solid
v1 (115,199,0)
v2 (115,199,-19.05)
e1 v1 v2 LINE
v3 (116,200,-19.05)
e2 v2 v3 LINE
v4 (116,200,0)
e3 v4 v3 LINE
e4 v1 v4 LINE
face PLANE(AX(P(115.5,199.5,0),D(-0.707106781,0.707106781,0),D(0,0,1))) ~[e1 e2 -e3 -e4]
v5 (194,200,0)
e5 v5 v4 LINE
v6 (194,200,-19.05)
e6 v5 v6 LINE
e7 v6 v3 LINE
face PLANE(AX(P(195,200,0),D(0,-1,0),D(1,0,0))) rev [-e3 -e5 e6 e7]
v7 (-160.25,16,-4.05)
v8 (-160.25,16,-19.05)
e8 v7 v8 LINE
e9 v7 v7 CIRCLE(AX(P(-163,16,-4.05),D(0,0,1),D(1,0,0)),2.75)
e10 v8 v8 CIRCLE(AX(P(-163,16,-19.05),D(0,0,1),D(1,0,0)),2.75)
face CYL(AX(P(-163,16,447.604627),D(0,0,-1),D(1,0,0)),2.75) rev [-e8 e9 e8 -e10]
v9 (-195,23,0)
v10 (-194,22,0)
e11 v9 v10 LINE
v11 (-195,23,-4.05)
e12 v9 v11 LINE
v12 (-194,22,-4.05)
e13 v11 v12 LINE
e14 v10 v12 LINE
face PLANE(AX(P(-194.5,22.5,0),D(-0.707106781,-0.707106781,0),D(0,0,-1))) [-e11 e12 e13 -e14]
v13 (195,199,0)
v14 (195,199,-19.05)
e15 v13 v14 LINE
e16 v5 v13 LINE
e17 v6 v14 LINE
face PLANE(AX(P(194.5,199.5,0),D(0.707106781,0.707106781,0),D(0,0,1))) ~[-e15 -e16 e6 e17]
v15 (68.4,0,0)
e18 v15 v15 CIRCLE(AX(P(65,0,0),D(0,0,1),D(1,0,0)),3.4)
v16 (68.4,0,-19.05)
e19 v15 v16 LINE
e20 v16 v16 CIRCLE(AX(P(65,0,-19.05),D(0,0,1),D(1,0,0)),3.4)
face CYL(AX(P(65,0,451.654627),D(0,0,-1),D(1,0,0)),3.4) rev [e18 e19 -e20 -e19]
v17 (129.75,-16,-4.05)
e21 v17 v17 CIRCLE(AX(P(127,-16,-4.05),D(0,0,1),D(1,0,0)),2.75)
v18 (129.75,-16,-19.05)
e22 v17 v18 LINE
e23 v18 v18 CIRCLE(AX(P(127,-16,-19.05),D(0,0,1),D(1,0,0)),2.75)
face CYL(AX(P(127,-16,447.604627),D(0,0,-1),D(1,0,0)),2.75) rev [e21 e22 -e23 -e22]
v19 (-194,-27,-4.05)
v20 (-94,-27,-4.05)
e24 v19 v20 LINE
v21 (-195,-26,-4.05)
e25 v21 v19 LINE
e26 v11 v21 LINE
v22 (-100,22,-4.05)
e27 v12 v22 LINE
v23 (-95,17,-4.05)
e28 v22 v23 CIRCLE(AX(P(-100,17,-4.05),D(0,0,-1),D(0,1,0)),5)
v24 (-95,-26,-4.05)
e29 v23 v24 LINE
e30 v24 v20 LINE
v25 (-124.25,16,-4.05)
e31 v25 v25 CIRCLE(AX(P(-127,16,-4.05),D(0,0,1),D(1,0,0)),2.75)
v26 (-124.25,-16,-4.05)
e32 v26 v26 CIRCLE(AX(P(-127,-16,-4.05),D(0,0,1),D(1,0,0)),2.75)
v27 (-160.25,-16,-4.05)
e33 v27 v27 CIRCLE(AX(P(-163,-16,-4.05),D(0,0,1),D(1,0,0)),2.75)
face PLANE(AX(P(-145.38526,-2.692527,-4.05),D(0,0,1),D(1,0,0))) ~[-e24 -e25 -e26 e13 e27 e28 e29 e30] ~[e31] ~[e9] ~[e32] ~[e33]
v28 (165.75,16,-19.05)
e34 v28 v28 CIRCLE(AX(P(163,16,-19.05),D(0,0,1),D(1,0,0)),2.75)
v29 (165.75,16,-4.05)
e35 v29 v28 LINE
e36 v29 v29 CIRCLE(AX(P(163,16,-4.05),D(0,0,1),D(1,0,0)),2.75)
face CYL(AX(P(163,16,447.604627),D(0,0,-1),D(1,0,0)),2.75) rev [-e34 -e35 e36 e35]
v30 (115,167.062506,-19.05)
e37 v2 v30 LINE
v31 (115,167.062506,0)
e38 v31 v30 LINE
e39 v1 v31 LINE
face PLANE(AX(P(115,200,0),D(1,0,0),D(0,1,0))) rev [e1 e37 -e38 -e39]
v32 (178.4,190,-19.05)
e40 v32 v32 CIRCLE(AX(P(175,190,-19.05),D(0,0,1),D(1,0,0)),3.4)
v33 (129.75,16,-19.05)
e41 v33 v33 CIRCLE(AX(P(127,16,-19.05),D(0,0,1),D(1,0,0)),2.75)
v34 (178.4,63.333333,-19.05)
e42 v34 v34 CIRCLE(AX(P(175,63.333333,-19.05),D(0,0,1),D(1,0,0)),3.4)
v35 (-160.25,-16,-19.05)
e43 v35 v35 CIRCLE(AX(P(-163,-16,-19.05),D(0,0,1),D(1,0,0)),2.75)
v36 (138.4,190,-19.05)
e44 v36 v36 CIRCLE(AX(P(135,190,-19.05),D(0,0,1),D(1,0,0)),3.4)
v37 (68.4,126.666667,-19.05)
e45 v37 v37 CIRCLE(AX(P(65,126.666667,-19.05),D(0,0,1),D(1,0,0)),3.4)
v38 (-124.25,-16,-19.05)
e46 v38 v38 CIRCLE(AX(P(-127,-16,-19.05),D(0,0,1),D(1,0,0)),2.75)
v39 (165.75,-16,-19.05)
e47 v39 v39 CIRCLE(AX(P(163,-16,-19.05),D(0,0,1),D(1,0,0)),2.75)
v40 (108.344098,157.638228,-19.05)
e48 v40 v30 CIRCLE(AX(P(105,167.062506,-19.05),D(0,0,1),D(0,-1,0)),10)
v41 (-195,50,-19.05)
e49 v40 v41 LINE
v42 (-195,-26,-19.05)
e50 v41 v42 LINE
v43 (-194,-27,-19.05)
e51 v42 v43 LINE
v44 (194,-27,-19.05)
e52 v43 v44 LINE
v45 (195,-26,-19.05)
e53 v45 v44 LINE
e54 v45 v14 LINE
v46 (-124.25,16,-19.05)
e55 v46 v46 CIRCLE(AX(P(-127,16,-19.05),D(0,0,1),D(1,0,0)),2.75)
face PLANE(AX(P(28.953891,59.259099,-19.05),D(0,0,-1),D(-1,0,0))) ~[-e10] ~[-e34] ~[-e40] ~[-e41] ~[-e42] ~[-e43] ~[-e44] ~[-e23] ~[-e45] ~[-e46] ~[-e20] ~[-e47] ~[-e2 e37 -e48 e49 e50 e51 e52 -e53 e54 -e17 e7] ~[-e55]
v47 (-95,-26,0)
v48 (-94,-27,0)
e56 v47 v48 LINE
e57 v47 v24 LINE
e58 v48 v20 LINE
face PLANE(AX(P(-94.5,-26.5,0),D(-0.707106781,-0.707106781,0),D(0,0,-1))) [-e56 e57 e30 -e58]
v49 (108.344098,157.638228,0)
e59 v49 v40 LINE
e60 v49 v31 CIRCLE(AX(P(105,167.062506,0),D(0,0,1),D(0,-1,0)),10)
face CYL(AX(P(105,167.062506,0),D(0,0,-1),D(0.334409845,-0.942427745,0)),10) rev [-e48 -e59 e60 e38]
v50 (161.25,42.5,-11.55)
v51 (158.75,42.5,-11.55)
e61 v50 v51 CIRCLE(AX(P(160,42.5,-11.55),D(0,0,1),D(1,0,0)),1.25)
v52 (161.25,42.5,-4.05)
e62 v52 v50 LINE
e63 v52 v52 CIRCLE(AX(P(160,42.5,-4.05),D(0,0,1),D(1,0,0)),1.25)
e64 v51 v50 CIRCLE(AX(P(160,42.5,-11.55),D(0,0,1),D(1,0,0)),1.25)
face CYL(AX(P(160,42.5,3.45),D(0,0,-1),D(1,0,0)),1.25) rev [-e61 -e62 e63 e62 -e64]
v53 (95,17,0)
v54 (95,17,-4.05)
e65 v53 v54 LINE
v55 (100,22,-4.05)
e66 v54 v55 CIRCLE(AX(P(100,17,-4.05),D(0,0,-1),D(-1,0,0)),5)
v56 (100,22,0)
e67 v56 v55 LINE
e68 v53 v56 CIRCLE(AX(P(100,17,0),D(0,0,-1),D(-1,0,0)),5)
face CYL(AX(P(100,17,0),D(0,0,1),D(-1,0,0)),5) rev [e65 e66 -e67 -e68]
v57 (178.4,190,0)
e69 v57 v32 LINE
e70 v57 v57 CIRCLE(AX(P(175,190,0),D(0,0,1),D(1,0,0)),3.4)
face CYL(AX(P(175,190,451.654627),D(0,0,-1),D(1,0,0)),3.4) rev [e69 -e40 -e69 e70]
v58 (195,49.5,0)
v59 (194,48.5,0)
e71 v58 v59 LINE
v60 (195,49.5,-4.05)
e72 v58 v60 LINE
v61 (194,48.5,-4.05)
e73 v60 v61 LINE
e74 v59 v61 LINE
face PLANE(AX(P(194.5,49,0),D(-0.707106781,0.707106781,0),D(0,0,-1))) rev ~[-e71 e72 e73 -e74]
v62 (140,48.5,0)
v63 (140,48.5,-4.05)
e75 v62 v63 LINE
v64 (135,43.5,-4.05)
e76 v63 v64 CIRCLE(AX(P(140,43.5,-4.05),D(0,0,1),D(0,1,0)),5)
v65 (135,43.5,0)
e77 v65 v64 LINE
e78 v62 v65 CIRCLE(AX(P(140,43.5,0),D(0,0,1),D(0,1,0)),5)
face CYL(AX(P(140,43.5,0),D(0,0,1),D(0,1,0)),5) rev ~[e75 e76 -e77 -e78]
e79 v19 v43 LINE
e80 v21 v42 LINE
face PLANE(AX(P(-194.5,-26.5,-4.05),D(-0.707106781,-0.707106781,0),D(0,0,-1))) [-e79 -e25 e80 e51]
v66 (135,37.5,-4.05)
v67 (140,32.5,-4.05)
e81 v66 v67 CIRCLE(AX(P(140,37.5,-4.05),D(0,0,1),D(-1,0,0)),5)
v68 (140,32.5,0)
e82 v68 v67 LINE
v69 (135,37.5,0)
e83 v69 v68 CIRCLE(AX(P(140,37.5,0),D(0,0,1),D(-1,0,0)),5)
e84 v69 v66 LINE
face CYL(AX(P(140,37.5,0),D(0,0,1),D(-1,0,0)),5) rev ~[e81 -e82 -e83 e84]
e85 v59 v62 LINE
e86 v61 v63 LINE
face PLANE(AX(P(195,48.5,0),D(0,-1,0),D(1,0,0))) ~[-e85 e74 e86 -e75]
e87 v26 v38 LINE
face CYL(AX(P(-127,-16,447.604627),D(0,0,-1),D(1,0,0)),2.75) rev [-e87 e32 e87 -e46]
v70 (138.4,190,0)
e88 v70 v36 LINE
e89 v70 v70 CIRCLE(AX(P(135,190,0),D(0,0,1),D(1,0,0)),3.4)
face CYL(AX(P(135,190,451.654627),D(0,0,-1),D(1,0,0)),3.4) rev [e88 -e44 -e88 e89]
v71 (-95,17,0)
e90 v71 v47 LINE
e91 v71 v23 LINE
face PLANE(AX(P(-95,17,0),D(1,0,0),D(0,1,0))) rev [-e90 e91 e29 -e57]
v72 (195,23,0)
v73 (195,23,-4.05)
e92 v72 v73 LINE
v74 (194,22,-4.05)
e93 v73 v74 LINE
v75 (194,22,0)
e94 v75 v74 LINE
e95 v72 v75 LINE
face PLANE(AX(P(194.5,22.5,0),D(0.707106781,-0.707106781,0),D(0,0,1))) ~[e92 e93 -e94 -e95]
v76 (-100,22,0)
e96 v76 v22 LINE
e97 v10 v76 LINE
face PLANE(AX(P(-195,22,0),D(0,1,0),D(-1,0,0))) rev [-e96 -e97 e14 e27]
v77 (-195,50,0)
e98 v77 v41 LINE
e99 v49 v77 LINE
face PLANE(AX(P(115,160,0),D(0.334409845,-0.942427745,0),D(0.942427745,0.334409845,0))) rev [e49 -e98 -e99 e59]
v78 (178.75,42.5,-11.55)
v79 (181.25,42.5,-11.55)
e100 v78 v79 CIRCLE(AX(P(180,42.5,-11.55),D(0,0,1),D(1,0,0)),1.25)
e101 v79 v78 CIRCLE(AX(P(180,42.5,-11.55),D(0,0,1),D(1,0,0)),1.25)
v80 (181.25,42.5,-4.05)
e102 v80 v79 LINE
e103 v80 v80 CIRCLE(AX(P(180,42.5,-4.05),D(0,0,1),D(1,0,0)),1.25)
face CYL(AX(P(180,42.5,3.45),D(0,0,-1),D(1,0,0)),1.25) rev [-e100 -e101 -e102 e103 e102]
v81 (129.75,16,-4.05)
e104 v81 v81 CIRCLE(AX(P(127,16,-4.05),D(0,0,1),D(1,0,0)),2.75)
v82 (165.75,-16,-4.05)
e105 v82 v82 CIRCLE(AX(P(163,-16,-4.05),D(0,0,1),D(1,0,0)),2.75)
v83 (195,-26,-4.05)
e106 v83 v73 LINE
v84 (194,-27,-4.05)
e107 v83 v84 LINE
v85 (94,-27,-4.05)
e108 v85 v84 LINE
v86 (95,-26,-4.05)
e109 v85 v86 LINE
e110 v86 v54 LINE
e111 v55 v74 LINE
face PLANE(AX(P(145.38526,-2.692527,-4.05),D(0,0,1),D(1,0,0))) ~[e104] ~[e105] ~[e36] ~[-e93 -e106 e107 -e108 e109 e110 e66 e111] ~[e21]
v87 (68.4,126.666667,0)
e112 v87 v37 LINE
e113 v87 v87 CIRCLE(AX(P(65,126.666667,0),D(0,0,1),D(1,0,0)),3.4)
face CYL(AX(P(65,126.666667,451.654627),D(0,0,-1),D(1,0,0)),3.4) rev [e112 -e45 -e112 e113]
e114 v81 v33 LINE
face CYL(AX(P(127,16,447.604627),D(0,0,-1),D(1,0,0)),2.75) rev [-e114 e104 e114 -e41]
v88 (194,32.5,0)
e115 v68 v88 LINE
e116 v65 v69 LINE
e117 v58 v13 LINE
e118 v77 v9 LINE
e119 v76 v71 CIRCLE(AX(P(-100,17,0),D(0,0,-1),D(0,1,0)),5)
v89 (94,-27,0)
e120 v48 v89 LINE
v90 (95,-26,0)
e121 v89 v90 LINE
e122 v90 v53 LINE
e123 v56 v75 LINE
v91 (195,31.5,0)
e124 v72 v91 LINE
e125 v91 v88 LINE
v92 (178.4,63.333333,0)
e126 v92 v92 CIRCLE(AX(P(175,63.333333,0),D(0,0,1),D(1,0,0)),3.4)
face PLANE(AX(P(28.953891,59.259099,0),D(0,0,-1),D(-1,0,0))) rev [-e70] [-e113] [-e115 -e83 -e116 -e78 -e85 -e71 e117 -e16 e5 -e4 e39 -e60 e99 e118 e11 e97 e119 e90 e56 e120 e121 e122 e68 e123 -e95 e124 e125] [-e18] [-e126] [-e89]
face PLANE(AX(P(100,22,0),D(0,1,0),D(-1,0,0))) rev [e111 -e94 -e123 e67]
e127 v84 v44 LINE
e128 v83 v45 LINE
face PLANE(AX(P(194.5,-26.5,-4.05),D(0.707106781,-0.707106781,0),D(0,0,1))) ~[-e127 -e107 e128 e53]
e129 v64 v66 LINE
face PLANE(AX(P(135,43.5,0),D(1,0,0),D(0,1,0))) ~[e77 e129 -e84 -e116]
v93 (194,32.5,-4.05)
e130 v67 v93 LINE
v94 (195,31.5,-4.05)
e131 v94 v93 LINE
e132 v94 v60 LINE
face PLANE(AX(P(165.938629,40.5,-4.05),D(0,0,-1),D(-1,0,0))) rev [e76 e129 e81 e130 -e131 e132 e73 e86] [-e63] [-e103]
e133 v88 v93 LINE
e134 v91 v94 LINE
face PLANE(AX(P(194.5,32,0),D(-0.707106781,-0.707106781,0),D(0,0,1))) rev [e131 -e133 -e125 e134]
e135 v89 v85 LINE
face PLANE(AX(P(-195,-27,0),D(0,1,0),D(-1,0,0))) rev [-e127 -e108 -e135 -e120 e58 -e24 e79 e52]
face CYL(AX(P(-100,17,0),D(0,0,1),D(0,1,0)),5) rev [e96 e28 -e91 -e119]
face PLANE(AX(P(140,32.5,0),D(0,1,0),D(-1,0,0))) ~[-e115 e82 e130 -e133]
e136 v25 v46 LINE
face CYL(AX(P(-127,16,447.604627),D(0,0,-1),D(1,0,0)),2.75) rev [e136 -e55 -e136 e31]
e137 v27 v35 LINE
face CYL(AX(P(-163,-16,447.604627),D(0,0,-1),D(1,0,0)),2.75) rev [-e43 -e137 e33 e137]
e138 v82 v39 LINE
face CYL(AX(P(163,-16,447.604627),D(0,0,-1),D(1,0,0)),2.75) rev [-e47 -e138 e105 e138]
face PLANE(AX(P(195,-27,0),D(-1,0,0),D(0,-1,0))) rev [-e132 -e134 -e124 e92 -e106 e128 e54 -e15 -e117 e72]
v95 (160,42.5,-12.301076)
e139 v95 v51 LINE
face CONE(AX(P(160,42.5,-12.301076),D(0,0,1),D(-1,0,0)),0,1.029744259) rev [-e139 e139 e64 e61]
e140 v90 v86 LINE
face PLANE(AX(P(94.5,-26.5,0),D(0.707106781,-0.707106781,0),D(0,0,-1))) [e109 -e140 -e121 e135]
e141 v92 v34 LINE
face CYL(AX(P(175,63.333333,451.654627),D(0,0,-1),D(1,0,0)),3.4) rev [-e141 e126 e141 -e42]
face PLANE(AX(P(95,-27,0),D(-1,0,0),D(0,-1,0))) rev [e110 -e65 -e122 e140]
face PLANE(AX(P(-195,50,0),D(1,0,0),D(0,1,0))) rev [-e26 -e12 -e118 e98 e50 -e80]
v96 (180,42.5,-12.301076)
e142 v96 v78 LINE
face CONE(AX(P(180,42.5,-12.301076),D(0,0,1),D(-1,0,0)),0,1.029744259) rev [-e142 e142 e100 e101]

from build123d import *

# Parameters (mm, degrees)
BOSS_EXTRUDE1_DEPTH       = 19.05
CUT_EXTRUDE2_DEPTH        = 4.05
M5_CLEARANCE_HOLE1_D      = 5.5
M5_CLEARANCE_HOLE2_D      = 5.5
M3X0_5_TAPPED_HOLE1_D     = 2.5
M3X0_5_TAPPED_HOLE1_DEPTH = 7.5
M3X0_5_TAPPED_HOLE1_TIP   = 0.751075774
M8X1_25_TAPPED_HOLE1_D    = 6.8
FILLET1_R                 = 10
CHAMFER1_SIZE             = 1


with BuildPart() as part:
    # Sketch1 → Boss-Extrude1 (new body)
    with BuildSketch(Plane.XY):
        Polygon((-195, 50), (-195, -27), (195, -27), (195, 200), (115, 200), (115, 160), align=None)
    extrude(amount=BOSS_EXTRUDE1_DEPTH)

    # Sketch2 → Cut-Extrude2 (cut)
    with BuildSketch(Plane(origin=(0, 0, 0), x_dir=(-1, 0, 0), z_dir=(0, 0, -1))):
        with BuildLine():
            Line((-195, -27), (-95, -27))
            Line((-95, -27), (-95, 17))
            ThreePointArc((-95, 17), (-96.464466094, 20.535533906), (-100, 22))
            Line((-100, 22), (-195, 22))
            Line((-195, 22), (-195, -27))
        make_face()
        with BuildLine():
            Line((195, -27), (195, 22))
            Line((195, 22), (100, 22))
            ThreePointArc((100, 22), (96.464466094, 20.535533906), (95, 17))
            Line((95, 17), (95, -27))
            Line((95, -27), (195, -27))
        make_face()
        with BuildLine():
            Line((-195, 48.5), (-140, 48.5))
            ThreePointArc((-140, 48.5), (-136.464466094, 47.035533906), (-135, 43.5))
            Line((-135, 43.5), (-135, 37.5))
            ThreePointArc((-135, 37.5), (-136.464466094, 33.964466094), (-140, 32.5))
            Line((-140, 32.5), (-195, 32.5))
            Line((-195, 32.5), (-195, 48.5))
        make_face()
    extrude(amount=-CUT_EXTRUDE2_DEPTH, mode=Mode.SUBTRACT)

    # M5 Clearance Hole1 (through all)
    with Locations(Plane(origin=(0, 0, 4.05), x_dir=(-1, 0, 0), z_dir=(0, 0, -1))):
        with Locations((127, 16), (163, 16), (163, -16), (127, -16)):
            Hole(M5_CLEARANCE_HOLE1_D / 2)

    # M5 Clearance Hole2 (through all)
    with Locations(Plane(origin=(0, 0, 4.05), x_dir=(-1, 0, 0), z_dir=(0, 0, -1))):
        with Locations((-163, 16), (-127, 16), (-127, -16), (-163, -16)):
            Hole(M5_CLEARANCE_HOLE2_D / 2)

    # M3x0.5 Tapped Hole1
    with Locations(Plane(origin=(0, 0, 4.05), x_dir=(-1, 0, 0), z_dir=(0, 0, -1))):
        with Locations((-180, 42.5), (-160, 42.5)):
            Hole(M3X0_5_TAPPED_HOLE1_D / 2, depth=M3X0_5_TAPPED_HOLE1_DEPTH)
            with Locations((0, 0, -(M3X0_5_TAPPED_HOLE1_DEPTH + M3X0_5_TAPPED_HOLE1_TIP / 2))):  # 118° drill point
                Cone(0, M3X0_5_TAPPED_HOLE1_D / 2, M3X0_5_TAPPED_HOLE1_TIP, mode=Mode.SUBTRACT)

    # M8x1.25 Tapped Hole1 (through all)
    with Locations(Plane(origin=(0, 0, 0), x_dir=(-1, 0, 0), z_dir=(0, 0, -1))):
        with Locations((-175, 190), (-135, 190), (-65, 126.666666667), (-175, 63.333333333), (-65, 0)):
            Hole(M8X1_25_TAPPED_HOLE1_D / 2)

    # Fillet1
    fillet1_edges = [part.edges().sort_by_distance(p)[0] for p in [
        (115, 160, 9.525),
    ]]
    fillet(fillet1_edges, radius=FILLET1_R)

    # Chamfer1
    chamfer1_edges = [part.edges().sort_by_distance(p)[0] for p in [
        (115, 200, 9.525),
        (195, 200, 9.525),
        (195, -27, 11.55),
        (-195, -27, 11.55),
        (195, 48.5, 2.025),
        (195, 32.5, 2.025),
        (-95, -27, 2.025),
        (-195, 22, 2.025),
        (95, -27, 2.025),
        (195, 22, 2.025),
    ]]
    chamfer(chamfer1_edges, length=CHAMFER1_SIZE)


with BuildPart() as body_2:
    # Mirror1: mirrored copy
    add(part.part.mirror(Plane.XY))


solid = body_2.part
